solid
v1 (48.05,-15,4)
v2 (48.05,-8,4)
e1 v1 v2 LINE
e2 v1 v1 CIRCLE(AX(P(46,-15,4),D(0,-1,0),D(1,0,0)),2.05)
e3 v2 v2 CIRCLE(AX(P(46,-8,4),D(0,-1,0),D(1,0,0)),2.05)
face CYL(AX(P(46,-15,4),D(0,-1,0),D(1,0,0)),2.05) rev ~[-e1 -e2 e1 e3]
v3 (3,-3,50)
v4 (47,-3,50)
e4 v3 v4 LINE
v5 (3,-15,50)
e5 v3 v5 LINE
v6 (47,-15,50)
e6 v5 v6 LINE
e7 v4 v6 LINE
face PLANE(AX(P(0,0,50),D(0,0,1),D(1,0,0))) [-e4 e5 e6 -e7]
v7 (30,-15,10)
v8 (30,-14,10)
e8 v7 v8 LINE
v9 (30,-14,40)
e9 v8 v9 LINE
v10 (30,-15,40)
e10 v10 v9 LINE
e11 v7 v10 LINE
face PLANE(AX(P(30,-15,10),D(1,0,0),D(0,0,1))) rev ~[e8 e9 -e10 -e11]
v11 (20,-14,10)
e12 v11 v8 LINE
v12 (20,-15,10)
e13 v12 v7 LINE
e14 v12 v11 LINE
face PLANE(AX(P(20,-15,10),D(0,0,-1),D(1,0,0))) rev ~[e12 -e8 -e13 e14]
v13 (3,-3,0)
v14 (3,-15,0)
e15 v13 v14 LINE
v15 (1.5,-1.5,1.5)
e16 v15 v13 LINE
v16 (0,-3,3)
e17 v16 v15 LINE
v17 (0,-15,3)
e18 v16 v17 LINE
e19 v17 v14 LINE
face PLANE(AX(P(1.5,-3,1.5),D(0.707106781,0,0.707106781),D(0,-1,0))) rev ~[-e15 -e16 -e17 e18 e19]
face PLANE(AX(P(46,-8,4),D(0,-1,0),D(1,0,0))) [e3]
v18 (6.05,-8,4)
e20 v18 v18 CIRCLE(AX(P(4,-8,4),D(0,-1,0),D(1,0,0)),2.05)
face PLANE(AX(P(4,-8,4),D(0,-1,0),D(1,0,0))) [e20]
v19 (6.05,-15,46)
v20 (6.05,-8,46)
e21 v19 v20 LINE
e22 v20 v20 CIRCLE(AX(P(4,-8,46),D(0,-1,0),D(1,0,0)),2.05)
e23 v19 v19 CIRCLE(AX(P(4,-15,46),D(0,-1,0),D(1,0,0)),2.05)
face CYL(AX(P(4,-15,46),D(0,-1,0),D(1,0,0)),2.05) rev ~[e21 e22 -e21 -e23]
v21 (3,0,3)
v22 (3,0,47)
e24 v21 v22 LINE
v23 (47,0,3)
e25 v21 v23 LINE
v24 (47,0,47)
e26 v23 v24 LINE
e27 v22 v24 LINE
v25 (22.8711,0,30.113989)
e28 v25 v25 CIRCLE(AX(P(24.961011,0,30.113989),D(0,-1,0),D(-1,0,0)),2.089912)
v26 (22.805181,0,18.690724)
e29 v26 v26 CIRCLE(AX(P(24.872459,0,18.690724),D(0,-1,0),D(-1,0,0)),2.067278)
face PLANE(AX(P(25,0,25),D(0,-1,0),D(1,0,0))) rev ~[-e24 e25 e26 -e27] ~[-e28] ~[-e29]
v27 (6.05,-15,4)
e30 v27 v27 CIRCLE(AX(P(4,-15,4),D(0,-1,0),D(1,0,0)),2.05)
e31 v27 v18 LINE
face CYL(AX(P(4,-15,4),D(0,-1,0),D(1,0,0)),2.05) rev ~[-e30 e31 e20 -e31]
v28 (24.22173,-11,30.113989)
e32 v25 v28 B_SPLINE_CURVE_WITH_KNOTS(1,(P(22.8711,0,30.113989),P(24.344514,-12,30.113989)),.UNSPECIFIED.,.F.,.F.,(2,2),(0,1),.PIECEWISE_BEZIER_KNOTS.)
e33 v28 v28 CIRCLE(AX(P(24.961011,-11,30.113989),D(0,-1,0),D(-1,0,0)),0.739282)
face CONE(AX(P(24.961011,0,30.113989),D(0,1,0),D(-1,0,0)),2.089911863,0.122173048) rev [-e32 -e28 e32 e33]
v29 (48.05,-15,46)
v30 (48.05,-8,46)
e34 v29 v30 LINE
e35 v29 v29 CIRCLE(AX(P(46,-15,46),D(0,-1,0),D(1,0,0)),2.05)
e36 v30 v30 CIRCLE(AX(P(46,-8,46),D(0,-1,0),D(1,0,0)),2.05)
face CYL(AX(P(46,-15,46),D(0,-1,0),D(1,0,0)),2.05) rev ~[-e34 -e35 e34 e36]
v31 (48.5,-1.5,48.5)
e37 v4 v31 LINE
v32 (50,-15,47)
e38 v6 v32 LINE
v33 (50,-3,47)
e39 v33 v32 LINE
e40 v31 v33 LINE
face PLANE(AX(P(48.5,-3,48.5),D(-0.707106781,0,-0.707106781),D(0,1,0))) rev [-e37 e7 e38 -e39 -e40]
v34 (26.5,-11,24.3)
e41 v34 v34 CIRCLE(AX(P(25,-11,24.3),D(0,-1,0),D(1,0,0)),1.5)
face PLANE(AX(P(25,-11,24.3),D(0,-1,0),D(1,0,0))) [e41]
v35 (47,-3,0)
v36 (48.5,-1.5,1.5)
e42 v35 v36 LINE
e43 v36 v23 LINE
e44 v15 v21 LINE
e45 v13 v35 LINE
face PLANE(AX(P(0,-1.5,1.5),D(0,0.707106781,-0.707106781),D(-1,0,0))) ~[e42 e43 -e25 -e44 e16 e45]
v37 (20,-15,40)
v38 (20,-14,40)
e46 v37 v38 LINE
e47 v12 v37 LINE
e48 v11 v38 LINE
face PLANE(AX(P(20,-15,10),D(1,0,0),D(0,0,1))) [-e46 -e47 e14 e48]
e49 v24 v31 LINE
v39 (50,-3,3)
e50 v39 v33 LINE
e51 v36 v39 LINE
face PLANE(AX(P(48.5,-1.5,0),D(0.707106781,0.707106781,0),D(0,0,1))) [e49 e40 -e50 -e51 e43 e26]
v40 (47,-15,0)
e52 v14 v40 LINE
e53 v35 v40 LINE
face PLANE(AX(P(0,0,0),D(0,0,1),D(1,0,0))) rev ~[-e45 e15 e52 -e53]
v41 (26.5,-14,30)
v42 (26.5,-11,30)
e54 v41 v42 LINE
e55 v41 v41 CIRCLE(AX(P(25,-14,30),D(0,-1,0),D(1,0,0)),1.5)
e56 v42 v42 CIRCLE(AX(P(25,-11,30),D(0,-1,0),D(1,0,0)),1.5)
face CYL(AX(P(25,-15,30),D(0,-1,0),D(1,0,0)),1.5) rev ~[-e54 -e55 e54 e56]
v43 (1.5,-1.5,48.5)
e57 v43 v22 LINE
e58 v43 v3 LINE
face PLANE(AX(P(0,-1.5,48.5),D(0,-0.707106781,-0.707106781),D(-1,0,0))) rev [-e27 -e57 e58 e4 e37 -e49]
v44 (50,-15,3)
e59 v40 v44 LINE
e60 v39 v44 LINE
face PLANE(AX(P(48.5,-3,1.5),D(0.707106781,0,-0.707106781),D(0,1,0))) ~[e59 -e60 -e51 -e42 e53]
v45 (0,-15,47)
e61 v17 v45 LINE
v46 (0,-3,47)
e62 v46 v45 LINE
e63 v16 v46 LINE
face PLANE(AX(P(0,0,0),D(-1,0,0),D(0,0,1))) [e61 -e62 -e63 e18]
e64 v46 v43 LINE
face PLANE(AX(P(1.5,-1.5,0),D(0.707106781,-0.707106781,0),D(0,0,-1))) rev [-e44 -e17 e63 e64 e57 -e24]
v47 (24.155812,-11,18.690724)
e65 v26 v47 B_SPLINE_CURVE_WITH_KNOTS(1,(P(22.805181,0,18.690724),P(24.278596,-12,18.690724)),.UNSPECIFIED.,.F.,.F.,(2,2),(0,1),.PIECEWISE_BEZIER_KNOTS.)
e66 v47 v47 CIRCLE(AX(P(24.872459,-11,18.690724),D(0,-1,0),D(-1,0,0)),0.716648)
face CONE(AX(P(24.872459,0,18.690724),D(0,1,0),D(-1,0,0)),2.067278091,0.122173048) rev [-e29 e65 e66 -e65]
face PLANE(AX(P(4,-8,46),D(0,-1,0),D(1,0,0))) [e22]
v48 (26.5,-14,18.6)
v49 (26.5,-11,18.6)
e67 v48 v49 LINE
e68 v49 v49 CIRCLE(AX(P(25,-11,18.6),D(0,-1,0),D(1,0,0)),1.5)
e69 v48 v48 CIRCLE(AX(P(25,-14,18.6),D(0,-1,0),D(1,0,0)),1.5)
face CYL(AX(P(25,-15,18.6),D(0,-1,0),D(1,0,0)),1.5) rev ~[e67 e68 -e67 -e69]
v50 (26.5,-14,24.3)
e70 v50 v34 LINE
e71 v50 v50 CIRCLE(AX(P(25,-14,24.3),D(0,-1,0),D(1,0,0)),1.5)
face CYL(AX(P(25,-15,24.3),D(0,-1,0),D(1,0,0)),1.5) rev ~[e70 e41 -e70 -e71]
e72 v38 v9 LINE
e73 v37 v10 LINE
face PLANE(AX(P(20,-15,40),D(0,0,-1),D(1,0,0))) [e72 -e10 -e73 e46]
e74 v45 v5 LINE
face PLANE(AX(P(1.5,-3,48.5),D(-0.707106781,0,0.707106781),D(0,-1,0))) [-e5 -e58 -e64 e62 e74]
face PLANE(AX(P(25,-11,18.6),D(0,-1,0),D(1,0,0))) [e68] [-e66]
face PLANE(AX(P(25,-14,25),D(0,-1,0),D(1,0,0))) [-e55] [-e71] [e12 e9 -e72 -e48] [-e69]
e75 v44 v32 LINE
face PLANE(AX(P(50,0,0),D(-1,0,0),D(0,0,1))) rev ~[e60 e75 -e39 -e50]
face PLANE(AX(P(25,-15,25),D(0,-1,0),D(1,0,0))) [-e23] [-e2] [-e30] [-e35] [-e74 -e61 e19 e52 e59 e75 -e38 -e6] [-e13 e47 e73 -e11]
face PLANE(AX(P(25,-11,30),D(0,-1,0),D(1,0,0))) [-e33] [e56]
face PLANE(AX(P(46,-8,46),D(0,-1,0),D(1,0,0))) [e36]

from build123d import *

# Parameters (mm, degrees)
F0_W      = 50
F0_H      = 50
F1_DEPTH  = 15
F2_W      = 10
F2_H      = 30
F3_DEPTH  = 1
F5_R      = 1.5
F6_DEPTH  = 4
F7_R      = 2.05
F8_DEPTH  = 7
F9_SIZE   = 3
F10_SIZE  = 3
F11_R     = 2.0899118634
F11_R_2   = 2.0672780913
F12_DEPTH = 12
F12_TAPER = 7


with BuildPart() as f1:
    # F0 (on Front) → F1 (new body)
    with BuildSketch(Plane.XZ):
        with Locations((25, 25)):
            Rectangle(F0_W, F0_H)
    extrude(amount=F1_DEPTH)

    # F2 (on face) → F3 (cut)
    with BuildSketch(Plane.XZ.offset(15)):
        with Locations((25, 25)):
            Rectangle(F2_W, F2_H)
    extrude(amount=-F3_DEPTH, mode=Mode.SUBTRACT)

    # F5 (on face) → F6 (cut)
    with BuildSketch(Plane.XZ.offset(15)):
        with Locations((25, 30)):
            Circle(F5_R)
        with Locations((25, 24.3)):
            Circle(F5_R)
        with Locations((25, 18.6)):
            Circle(F5_R)
    extrude(amount=-F6_DEPTH, mode=Mode.SUBTRACT)

    # F7 (on face) → F8 (cut)
    with BuildSketch(Plane.XZ.offset(15)):
        with Locations((46, 46)):
            Circle(F7_R)
        with Locations((46, 4)):
            Circle(F7_R)
        with Locations((4, 4)):
            Circle(F7_R)
        with Locations((4, 46)):
            Circle(F7_R)
    extrude(amount=-F8_DEPTH, mode=Mode.SUBTRACT)

    # F9
    f9_edges = [f1.edges().sort_by_distance(p)[0] for p in [
        (0, 0, 25),
        (25, 0, 0),
        (50, 0, 25),
        (25, 0, 50),
    ]]
    chamfer(f9_edges, length=F9_SIZE)

    # F10
    f10_edges = [f1.edges().sort_by_distance(p)[0] for p in [
        (0, -9, 50),
        (50, -9, 50),
        (50, -9, 0),
        (0, -9, 0),
    ]]
    chamfer(f10_edges, length=F10_SIZE)

    # F11 (on face) → F12 (cut)
    with BuildSketch(Plane(origin=(0, 0, 0), x_dir=(-1, 0, 0), z_dir=(0, 1, 0))):
        with Locations((-24.9610114843, 30.1139894873)):
            Circle(F11_R)
        with Locations((-24.8724594712, 18.6907239258)):
            Circle(F11_R_2)
    extrude(amount=-F12_DEPTH, taper=F12_TAPER, mode=Mode.SUBTRACT)


solid = f1.part
